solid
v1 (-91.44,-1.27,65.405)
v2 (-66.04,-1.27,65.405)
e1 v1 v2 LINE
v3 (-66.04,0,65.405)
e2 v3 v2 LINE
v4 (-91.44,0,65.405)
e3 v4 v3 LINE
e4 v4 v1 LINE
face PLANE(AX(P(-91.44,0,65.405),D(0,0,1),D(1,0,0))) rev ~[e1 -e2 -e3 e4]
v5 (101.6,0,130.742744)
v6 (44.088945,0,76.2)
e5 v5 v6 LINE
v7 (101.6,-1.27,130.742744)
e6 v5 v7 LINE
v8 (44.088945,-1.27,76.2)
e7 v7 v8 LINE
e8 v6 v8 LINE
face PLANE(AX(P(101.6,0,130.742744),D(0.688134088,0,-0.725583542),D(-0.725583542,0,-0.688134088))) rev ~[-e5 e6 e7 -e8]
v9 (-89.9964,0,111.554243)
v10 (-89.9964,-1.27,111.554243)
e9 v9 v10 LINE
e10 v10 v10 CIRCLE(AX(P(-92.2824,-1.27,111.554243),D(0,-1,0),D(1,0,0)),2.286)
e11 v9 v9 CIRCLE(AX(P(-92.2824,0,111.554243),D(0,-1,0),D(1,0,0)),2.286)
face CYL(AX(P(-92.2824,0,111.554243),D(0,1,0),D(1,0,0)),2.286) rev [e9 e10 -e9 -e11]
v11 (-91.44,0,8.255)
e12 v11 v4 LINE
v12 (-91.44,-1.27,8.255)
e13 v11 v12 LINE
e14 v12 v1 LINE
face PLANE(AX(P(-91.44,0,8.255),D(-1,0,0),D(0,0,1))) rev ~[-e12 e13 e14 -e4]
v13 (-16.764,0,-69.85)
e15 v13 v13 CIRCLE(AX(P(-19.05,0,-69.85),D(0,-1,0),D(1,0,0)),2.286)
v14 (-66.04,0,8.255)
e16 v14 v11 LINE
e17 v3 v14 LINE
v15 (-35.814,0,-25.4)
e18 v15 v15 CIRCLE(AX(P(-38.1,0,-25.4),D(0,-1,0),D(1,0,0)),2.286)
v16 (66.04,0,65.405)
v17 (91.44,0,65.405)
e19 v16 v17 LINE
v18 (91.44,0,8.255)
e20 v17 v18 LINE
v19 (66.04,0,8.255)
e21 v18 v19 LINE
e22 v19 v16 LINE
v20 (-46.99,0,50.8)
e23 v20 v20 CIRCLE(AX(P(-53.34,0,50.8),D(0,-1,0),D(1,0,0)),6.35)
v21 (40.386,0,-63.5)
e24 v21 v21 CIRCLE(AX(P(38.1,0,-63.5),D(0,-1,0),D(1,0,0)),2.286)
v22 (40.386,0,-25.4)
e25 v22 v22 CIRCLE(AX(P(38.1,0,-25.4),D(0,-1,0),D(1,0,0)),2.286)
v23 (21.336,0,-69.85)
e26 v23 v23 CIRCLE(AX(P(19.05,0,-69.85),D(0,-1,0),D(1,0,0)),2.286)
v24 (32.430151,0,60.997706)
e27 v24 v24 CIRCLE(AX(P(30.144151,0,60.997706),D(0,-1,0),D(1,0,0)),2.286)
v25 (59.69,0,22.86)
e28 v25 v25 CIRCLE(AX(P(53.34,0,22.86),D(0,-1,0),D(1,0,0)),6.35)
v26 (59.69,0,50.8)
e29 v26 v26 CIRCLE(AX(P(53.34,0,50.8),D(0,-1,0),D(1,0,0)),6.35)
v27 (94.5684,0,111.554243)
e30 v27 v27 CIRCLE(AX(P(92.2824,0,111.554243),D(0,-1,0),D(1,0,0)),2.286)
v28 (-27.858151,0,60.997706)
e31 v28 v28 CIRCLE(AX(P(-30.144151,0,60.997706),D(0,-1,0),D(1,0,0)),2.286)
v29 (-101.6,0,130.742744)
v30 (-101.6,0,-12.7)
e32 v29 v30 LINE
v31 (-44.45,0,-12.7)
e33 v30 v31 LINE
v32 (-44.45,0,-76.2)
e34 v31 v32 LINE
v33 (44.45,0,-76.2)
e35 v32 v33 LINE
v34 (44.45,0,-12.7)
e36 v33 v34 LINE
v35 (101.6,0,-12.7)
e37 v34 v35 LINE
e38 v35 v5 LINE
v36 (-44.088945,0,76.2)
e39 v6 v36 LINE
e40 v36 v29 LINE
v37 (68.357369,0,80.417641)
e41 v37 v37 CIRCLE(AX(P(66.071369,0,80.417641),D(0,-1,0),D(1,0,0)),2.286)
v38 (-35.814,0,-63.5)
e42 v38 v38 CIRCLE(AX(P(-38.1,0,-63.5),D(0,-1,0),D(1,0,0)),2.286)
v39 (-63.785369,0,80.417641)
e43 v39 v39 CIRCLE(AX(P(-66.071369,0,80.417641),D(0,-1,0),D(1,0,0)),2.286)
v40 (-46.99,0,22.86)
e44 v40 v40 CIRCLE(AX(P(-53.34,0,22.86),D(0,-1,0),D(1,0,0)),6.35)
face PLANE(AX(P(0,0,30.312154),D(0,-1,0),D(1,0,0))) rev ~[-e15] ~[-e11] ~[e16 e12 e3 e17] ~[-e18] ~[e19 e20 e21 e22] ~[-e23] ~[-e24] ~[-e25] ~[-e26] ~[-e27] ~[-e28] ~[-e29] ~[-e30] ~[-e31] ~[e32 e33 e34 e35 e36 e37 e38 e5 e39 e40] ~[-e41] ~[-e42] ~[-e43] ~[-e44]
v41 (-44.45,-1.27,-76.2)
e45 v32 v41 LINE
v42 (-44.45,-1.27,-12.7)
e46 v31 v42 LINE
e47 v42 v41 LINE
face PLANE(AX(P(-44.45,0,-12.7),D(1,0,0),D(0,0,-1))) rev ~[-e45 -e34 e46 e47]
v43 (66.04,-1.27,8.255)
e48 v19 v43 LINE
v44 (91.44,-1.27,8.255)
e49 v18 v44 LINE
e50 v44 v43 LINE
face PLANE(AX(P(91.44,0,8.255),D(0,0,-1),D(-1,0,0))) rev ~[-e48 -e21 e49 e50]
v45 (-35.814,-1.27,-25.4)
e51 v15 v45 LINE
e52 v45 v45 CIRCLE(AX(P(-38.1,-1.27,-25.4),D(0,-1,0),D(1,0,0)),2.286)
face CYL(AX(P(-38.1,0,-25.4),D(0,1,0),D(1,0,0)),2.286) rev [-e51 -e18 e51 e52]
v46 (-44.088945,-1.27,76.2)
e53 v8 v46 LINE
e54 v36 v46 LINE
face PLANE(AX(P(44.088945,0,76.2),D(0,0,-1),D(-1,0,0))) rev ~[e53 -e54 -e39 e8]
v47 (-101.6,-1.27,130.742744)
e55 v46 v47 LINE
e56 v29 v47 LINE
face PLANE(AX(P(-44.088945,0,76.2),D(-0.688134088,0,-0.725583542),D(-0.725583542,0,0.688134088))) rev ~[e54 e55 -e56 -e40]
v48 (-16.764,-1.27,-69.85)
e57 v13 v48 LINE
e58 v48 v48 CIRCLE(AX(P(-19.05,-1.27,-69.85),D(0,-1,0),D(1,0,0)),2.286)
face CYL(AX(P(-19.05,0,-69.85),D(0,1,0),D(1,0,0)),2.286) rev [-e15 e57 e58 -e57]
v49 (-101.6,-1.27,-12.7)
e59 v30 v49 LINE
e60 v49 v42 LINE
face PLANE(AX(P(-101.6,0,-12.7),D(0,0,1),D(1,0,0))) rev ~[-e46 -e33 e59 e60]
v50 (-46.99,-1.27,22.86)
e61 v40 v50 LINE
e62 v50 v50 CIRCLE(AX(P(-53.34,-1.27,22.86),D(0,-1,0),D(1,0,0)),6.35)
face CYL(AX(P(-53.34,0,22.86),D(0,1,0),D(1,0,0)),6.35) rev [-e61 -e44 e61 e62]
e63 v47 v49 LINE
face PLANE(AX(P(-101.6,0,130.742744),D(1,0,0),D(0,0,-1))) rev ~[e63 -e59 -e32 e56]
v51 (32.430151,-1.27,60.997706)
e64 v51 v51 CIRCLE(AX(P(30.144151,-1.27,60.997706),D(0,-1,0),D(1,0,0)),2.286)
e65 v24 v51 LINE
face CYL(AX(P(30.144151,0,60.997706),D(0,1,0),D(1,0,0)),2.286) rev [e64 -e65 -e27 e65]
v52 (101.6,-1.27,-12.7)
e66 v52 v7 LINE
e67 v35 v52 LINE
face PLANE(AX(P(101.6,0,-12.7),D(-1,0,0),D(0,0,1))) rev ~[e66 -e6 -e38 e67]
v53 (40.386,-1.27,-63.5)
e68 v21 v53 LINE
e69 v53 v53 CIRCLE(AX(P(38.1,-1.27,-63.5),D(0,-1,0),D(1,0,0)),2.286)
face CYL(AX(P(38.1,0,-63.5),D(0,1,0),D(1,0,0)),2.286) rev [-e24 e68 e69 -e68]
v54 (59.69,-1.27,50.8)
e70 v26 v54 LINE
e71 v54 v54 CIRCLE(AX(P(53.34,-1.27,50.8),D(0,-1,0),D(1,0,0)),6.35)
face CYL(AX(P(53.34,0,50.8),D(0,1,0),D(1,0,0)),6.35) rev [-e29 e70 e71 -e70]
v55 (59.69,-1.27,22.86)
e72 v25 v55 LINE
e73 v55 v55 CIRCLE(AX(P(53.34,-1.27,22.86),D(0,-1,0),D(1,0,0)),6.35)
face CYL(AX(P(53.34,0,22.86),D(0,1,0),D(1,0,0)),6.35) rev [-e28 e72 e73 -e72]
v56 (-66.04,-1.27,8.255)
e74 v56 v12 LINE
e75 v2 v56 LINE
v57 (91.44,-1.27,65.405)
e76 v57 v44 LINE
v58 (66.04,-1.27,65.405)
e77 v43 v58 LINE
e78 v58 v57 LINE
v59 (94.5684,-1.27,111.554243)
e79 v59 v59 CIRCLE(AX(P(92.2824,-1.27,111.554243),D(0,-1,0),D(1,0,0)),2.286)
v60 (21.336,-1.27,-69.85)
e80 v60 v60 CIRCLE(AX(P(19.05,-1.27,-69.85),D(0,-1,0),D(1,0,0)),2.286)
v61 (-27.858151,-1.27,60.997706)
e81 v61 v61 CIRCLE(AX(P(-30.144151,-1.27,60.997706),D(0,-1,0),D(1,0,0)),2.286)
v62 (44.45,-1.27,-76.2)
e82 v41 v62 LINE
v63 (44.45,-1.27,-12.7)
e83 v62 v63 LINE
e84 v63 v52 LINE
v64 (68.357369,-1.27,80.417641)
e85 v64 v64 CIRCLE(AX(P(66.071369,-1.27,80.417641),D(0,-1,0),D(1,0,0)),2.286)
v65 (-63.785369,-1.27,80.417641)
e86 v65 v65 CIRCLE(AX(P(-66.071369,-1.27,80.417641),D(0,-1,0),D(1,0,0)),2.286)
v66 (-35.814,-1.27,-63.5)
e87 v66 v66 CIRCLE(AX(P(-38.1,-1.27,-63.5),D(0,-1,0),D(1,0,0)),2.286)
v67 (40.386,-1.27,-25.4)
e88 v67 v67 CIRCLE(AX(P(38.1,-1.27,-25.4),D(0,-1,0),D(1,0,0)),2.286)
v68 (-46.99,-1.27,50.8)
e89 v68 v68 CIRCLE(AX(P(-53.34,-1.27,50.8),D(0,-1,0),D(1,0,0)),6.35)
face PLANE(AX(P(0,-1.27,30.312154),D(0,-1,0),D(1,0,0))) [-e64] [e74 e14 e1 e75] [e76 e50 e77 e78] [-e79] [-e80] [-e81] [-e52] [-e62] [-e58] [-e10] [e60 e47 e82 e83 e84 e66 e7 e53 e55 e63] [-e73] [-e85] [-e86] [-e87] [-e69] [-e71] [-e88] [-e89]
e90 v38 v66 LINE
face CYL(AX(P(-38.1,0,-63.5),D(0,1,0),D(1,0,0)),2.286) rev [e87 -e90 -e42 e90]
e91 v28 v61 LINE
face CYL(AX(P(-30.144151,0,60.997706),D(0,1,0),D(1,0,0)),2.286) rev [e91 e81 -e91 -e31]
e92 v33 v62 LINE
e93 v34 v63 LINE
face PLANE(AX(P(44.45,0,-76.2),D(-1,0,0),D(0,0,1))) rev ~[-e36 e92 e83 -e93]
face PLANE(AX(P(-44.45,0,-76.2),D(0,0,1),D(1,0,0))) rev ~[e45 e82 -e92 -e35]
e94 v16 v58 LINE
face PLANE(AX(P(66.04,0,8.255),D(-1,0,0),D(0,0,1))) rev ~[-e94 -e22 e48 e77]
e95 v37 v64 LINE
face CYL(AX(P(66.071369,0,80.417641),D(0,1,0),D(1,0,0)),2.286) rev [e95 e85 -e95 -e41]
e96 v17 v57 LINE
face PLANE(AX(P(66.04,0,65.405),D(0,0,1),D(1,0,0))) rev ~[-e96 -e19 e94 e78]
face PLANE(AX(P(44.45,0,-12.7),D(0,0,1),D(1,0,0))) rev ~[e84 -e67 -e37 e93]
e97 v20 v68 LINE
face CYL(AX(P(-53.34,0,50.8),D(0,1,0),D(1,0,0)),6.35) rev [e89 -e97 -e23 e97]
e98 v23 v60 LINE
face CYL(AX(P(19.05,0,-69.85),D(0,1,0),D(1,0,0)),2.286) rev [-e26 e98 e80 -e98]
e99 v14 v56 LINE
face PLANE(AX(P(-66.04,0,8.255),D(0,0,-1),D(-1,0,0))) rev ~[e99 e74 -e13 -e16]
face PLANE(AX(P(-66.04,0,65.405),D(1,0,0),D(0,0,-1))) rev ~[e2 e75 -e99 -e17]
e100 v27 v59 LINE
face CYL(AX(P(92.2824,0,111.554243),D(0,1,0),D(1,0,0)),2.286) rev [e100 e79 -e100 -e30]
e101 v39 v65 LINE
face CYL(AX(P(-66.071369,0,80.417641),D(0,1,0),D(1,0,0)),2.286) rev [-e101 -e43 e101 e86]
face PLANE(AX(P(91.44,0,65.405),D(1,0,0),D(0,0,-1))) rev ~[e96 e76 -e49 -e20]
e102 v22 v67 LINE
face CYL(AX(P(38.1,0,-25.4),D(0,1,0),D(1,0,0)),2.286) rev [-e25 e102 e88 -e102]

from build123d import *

# Parameters (mm, degrees)
F0_R     = 2.286
F0_R_2   = 6.35
F1_DEPTH = 1.27


with BuildPart() as f1:
    # F0 (on Front) → F1 (new body)
    with BuildSketch(Plane.XZ):
        Polygon((101.6, 130.742744), (44.088945, 76.2), (-44.088945, 76.2), (-101.6, 130.742744), (-101.6, 76.2), (-101.6, 50.8), (-101.6, -12.7), (-44.45, -12.7), (-44.45, -76.2), (44.45, -76.2), (44.45, -12.7), (101.6, -12.7), (101.6, 50.8), (101.6, 76.2), align=None)
        with Locations((-38.1, -63.5)):
            Circle(F0_R, mode=Mode.SUBTRACT)
        with Locations((-19.05, -69.85)):
            Circle(F0_R, mode=Mode.SUBTRACT)
        with Locations((-38.1, -25.4)):
            Circle(F0_R, mode=Mode.SUBTRACT)
        with Locations((-53.34, 22.86)):
            Circle(F0_R_2, mode=Mode.SUBTRACT)
        with Locations((19.05, -69.85)):
            Circle(F0_R, mode=Mode.SUBTRACT)
        with Locations((38.1, -63.5)):
            Circle(F0_R, mode=Mode.SUBTRACT)
        with Locations((38.1, -25.4)):
            Circle(F0_R, mode=Mode.SUBTRACT)
        with Locations((53.34, 22.86)):
            Circle(F0_R_2, mode=Mode.SUBTRACT)
        Polygon((-91.44, 8.255), (-91.44, 22.86), (-91.44, 50.8), (-91.44, 65.405), (-66.04, 65.405), (-66.04, 50.8), (-66.04, 22.86), (-66.04, 8.255), align=None, mode=Mode.SUBTRACT)
        with Locations((-53.34, 50.8)):
            Circle(F0_R_2, mode=Mode.SUBTRACT)
        with Locations((-30.144151, 60.997706)):
            Circle(F0_R, mode=Mode.SUBTRACT)
        with Locations((-66.071369, 80.417641)):
            Circle(F0_R, mode=Mode.SUBTRACT)
        with Locations((-92.2824, 111.554243)):
            Circle(F0_R, mode=Mode.SUBTRACT)
        with Locations((30.144151, 60.997706)):
            Circle(F0_R, mode=Mode.SUBTRACT)
        with Locations((53.34, 50.8)):
            Circle(F0_R_2, mode=Mode.SUBTRACT)
        Polygon((91.44, 50.8), (91.44, 22.86), (91.44, 8.255), (66.04, 8.255), (66.04, 22.86), (66.04, 50.8), (66.04, 65.405), (91.44, 65.405), align=None, mode=Mode.SUBTRACT)
        with Locations((66.071369, 80.417641)):
            Circle(F0_R, mode=Mode.SUBTRACT)
        with Locations((92.2824, 111.554243)):
            Circle(F0_R, mode=Mode.SUBTRACT)
    extrude(amount=F1_DEPTH)


solid = f1.part
